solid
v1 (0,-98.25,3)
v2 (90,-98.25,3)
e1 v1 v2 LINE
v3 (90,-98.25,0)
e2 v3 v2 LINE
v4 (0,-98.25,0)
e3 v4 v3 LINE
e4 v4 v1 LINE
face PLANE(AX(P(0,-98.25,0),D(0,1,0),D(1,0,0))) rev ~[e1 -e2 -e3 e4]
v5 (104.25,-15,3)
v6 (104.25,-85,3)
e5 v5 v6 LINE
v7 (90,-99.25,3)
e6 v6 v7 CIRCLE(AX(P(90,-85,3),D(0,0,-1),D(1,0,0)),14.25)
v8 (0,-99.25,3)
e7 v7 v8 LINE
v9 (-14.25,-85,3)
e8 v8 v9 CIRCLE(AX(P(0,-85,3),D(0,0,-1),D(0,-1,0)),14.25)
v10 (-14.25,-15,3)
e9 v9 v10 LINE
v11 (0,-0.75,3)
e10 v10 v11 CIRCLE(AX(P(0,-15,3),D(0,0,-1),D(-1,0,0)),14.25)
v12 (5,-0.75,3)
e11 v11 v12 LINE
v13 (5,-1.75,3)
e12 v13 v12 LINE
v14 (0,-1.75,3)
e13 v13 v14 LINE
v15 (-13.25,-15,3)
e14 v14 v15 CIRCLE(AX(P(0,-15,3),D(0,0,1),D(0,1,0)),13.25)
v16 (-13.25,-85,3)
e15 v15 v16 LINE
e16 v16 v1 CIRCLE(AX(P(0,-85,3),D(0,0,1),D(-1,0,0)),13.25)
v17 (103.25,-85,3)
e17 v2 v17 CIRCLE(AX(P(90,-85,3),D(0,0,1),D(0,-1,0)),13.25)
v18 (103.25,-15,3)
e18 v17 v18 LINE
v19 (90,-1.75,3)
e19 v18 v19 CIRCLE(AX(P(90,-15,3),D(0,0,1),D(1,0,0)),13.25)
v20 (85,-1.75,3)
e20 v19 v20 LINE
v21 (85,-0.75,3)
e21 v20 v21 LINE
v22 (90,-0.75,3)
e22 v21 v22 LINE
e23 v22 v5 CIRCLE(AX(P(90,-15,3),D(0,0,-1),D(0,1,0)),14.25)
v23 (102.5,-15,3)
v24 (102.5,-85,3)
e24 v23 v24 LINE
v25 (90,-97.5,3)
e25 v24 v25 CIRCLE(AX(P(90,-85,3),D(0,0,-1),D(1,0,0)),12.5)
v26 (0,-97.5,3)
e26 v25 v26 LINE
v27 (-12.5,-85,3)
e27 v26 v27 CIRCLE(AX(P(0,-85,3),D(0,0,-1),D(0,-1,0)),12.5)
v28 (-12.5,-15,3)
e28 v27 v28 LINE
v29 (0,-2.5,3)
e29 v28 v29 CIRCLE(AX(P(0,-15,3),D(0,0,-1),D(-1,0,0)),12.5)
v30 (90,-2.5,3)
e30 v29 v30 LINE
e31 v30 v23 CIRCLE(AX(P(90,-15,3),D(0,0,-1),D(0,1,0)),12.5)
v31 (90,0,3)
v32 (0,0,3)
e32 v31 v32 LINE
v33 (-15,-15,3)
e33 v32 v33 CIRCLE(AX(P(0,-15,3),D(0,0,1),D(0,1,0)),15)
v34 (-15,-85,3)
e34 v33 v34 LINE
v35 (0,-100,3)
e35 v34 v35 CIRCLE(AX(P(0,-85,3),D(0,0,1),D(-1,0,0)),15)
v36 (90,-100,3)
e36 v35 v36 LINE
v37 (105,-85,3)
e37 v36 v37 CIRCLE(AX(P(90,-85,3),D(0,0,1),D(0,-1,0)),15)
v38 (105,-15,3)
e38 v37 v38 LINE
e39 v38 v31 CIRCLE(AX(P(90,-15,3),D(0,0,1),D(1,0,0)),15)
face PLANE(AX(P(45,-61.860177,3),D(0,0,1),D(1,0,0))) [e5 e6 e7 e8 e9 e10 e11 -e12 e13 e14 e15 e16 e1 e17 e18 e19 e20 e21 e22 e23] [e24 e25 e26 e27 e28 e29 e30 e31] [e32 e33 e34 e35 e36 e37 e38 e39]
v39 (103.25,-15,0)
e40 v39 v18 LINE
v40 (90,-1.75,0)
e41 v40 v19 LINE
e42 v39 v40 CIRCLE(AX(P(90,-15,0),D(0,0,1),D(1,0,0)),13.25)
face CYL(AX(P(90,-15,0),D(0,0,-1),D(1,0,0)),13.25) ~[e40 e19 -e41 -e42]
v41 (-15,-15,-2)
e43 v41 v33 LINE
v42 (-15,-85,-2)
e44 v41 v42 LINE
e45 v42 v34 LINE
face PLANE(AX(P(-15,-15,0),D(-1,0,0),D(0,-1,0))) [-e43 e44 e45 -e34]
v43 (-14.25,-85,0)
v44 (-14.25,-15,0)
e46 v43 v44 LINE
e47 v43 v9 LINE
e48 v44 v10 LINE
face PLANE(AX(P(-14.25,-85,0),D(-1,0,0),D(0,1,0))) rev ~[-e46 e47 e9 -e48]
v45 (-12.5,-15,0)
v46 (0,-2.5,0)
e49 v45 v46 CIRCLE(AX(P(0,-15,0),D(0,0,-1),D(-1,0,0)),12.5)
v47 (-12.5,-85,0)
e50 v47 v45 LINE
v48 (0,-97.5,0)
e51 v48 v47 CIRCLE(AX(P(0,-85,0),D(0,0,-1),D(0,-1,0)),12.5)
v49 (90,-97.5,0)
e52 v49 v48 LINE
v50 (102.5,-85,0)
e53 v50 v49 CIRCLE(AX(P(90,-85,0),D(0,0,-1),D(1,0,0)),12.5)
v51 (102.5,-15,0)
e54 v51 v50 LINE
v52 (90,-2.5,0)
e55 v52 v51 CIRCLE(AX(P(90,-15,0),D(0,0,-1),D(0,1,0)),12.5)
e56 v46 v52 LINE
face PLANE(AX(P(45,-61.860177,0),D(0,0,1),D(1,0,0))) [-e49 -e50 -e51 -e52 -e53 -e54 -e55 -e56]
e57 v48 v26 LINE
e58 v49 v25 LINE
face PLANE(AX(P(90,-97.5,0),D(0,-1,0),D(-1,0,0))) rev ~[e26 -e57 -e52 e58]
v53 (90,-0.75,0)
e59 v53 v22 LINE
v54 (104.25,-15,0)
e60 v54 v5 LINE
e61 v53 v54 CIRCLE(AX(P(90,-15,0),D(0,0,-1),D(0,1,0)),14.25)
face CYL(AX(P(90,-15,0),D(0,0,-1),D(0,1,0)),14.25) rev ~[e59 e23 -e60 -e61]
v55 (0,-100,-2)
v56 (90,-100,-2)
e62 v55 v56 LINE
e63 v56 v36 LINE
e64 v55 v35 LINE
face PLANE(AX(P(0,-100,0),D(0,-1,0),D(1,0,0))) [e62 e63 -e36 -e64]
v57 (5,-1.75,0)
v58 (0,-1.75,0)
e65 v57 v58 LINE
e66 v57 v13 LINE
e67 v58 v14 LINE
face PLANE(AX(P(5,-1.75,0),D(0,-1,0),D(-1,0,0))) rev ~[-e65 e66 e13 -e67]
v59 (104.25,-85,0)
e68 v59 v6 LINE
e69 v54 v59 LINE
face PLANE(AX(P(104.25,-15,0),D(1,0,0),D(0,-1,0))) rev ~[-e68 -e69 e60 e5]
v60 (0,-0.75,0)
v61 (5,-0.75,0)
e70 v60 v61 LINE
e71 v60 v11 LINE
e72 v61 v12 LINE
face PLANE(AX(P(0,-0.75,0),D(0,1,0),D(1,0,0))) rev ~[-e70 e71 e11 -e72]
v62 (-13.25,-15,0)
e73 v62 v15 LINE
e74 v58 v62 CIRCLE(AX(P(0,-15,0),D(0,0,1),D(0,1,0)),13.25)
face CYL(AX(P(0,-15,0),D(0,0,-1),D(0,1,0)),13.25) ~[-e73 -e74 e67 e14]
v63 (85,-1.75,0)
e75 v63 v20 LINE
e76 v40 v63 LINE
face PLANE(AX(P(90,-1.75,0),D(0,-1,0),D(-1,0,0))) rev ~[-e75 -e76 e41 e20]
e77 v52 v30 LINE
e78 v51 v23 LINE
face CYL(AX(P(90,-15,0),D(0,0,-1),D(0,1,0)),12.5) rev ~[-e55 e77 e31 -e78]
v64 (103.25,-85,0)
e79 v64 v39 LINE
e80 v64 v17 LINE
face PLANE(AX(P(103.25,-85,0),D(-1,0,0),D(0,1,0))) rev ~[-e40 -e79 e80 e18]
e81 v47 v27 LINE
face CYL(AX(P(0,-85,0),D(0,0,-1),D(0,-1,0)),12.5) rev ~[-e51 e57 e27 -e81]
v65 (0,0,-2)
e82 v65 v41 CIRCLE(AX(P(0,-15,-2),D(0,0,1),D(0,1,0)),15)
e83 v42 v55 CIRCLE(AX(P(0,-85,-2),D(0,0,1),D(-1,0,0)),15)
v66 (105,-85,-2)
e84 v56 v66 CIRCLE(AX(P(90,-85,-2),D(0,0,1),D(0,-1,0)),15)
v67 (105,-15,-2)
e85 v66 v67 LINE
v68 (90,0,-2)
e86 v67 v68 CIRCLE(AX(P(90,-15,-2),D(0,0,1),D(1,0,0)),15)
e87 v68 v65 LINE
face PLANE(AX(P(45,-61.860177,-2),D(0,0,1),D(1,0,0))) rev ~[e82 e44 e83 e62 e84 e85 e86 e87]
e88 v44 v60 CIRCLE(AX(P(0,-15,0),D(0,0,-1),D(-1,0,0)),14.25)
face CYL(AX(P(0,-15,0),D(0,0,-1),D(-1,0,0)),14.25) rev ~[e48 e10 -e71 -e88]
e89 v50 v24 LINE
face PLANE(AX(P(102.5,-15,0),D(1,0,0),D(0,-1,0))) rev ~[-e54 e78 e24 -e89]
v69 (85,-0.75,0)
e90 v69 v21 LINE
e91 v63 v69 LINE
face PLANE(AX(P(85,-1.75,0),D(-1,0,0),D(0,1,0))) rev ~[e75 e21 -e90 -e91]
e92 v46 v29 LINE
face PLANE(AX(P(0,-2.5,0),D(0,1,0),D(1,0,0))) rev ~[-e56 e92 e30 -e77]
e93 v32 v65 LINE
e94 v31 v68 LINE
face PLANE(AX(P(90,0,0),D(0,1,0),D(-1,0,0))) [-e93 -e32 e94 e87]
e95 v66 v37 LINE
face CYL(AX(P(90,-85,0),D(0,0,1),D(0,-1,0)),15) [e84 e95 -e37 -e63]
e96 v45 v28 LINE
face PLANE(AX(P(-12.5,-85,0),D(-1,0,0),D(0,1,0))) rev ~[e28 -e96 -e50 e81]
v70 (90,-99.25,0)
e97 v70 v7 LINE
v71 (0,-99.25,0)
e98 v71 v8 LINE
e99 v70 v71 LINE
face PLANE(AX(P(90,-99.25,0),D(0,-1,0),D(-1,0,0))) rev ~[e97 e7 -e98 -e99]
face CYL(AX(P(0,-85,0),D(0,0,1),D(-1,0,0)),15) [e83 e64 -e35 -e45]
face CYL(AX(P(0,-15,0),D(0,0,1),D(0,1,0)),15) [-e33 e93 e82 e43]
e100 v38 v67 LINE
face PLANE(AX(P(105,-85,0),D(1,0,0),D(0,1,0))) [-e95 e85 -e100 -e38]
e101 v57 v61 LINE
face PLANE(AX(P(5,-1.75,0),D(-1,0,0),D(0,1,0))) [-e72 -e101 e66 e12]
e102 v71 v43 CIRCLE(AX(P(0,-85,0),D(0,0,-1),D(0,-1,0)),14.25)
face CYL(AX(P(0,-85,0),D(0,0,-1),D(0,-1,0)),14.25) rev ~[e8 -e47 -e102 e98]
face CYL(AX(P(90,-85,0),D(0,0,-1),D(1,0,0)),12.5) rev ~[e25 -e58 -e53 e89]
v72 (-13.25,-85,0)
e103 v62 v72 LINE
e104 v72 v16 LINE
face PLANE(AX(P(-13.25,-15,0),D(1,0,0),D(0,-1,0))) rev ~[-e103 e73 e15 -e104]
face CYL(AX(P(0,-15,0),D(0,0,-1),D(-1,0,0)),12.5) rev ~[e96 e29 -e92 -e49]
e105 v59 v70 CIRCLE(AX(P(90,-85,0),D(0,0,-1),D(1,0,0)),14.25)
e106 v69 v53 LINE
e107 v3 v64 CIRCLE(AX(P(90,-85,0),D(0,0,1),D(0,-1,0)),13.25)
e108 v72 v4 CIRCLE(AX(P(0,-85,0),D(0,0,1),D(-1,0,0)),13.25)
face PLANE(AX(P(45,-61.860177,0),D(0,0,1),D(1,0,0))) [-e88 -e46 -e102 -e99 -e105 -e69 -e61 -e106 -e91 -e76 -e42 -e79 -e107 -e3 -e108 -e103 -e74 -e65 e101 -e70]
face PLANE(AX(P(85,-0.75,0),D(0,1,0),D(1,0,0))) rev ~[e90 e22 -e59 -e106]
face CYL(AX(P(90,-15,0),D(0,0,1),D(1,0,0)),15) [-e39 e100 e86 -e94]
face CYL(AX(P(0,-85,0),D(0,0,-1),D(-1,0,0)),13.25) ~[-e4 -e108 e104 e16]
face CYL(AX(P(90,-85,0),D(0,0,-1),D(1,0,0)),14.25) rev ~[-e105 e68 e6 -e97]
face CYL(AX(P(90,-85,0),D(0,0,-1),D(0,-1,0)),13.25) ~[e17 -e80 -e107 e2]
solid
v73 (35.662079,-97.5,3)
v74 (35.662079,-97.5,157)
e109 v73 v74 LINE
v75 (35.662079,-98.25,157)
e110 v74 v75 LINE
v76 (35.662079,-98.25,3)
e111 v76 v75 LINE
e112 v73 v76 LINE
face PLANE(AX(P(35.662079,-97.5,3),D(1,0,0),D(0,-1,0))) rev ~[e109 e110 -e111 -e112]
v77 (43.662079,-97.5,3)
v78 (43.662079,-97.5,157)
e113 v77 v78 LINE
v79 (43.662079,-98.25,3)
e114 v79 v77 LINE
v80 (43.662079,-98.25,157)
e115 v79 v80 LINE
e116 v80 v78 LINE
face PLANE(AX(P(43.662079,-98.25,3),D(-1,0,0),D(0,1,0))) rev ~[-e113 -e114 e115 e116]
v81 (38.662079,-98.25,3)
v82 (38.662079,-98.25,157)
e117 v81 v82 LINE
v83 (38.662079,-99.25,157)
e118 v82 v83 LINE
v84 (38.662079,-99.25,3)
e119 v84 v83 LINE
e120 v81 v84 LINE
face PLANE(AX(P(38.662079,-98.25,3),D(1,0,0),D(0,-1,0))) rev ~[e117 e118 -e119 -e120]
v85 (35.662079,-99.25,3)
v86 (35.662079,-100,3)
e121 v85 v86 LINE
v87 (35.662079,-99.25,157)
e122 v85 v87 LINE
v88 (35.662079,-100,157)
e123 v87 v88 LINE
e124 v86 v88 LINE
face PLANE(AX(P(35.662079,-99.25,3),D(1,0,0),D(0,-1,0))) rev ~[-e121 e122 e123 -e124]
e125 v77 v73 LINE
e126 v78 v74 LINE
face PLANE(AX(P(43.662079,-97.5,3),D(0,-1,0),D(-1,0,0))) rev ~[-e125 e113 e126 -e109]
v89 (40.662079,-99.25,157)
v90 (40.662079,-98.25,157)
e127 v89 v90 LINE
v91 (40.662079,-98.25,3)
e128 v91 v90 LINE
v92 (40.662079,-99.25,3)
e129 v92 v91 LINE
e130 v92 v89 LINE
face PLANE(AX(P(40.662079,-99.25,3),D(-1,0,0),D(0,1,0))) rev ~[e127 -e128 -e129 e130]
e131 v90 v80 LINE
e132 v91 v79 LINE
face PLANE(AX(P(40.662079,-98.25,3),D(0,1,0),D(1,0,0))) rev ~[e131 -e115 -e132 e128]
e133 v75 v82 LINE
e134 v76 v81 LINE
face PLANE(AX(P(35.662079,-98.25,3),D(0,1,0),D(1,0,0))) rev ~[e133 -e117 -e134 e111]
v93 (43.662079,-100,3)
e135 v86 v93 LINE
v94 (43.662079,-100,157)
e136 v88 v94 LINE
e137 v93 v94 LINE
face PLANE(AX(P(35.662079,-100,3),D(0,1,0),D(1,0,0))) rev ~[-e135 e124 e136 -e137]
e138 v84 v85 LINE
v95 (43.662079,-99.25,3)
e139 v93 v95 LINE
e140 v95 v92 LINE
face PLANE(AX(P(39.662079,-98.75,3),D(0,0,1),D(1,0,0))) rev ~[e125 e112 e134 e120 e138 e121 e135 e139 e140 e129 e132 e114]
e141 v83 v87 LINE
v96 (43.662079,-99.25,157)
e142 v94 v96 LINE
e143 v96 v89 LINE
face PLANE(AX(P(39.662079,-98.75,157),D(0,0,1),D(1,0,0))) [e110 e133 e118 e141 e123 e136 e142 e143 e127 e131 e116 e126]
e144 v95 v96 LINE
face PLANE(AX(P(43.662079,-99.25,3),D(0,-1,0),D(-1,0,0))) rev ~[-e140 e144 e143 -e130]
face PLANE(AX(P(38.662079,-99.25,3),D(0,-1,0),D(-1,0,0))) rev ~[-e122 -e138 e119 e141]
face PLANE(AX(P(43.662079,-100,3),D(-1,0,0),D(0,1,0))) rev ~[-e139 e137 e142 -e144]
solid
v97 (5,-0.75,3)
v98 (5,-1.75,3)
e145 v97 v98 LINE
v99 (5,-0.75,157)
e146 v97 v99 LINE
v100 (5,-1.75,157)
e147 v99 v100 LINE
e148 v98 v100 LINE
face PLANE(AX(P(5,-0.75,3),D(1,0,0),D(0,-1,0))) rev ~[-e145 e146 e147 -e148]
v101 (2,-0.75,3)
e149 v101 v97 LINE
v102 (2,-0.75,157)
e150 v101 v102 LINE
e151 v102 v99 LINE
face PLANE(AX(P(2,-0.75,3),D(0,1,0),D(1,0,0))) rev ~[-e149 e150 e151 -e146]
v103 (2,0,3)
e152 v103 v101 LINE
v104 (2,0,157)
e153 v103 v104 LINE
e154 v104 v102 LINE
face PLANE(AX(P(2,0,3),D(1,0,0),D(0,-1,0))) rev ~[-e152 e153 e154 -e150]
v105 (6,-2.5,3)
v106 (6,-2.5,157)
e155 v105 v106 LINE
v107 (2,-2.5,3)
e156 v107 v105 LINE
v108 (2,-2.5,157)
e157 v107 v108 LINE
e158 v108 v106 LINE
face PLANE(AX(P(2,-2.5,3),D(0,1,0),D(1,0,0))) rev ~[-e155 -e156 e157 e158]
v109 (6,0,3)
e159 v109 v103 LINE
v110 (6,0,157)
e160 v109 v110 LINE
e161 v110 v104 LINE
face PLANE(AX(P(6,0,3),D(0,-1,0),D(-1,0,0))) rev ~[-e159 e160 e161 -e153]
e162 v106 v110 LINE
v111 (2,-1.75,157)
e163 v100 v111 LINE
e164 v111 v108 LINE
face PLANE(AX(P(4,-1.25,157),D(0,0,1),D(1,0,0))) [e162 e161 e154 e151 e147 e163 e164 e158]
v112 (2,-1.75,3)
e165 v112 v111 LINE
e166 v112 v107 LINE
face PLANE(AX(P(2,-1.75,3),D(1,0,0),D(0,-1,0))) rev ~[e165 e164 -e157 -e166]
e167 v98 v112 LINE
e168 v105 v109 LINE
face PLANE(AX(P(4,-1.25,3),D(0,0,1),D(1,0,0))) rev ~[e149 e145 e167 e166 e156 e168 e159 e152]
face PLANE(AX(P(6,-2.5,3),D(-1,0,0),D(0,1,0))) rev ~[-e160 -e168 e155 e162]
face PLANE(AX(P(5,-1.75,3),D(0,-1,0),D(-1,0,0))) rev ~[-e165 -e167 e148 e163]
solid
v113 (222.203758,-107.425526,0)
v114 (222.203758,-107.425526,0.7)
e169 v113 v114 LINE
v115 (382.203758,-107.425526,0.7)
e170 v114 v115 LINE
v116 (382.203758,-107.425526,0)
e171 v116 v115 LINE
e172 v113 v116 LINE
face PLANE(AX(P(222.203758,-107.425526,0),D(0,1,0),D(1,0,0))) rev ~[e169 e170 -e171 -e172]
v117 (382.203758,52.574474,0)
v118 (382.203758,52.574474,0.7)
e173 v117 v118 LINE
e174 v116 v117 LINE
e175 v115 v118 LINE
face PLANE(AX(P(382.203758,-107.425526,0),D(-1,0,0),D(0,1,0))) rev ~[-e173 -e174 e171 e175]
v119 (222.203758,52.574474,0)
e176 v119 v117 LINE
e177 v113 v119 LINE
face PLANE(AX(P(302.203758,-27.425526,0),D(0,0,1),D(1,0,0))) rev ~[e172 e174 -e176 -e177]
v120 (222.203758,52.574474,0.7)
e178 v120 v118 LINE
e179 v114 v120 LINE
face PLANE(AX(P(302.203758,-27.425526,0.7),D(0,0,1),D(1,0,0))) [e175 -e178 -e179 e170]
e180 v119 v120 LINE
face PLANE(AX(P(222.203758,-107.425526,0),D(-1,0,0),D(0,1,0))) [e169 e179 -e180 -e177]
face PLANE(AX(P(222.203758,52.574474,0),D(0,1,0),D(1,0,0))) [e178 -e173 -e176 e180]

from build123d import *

# Parameters (mm, degrees)
F0_W     = 80
F0_H     = 0.75
F0_H_2   = 1
F1_DEPTH = 3
F2_DEPTH = 2
F3_W     = 160
F3_H     = 160
F4_DEPTH = 0.7
F6_DEPTH = 154


with BuildPart() as f1:
    # F0 (on Top) → F1 (new body)
    with BuildSketch(Plane.XY):
        with BuildLine():
            Line((5, 0), (0, 0))
            ThreePointArc((0, 0), (-10.6066017178, -4.3933982822), (-15, -15))
            Line((-15, -15), (-15, -85))
            ThreePointArc((-15, -85), (-10.6066017178, -95.6066017178), (0, -100))
            Line((0, -100), (90, -100))
            ThreePointArc((90, -100), (100.6066017178, -95.6066017178), (105, -85))
            Line((105, -85), (105, -15))
            ThreePointArc((105, -15), (100.6066017178, -4.3933982822), (90, 0))
            Line((90, 0), (85, 0))
            Line((85, 0), (85, -0.75))
            Line((85, -0.75), (90, -0.75))
            ThreePointArc((90, -0.75), (100.0762716319, -4.9237283681), (104.25, -15))
            Line((104.25, -15), (104.25, -85))
            ThreePointArc((104.25, -85), (100.0762716319, -95.0762716319), (90, -99.25))
            Line((90, -99.25), (0, -99.25))
            ThreePointArc((0, -99.25), (-10.0762716319, -95.0762716319), (-14.25, -85))
            Line((-14.25, -85), (-14.25, -15))
            ThreePointArc((-14.25, -15), (-10.0762716319, -4.9237283681), (0, -0.75))
            Line((0, -0.75), (5, -0.75))
            Line((5, -0.75), (5, 0))
        make_face()
        with BuildLine():
            Line((5, -2.5), (5, -1.75))
            Line((5, -1.75), (0, -1.75))
            ThreePointArc((0, -1.75), (-9.3691648507, -5.6308351493), (-13.25, -15))
            Line((-13.25, -15), (-13.25, -85))
            ThreePointArc((-13.25, -85), (-9.3691648507, -94.3691648507), (0, -98.25))
            Line((0, -98.25), (90, -98.25))
            ThreePointArc((90, -98.25), (99.3691648507, -94.3691648507), (103.25, -85))
            Line((103.25, -85), (103.25, -15))
            ThreePointArc((103.25, -15), (99.3691648507, -5.6308351493), (90, -1.75))
            Line((90, -1.75), (85, -1.75))
            Line((85, -1.75), (85, -2.5))
            Line((85, -2.5), (90, -2.5))
            ThreePointArc((90, -2.5), (98.8388347648, -6.1611652352), (102.5, -15))
            Line((102.5, -15), (102.5, -85))
            ThreePointArc((102.5, -85), (98.8388347648, -93.8388347648), (90, -97.5))
            Line((90, -97.5), (0, -97.5))
            ThreePointArc((0, -97.5), (-8.8388347648, -93.8388347648), (-12.5, -85))
            Line((-12.5, -85), (-12.5, -15))
            ThreePointArc((-12.5, -15), (-8.8388347648, -6.1611652352), (0, -2.5))
            Line((0, -2.5), (5, -2.5))
        make_face()
        with Locations((45, -0.375)):
            Rectangle(F0_W, F0_H)
        with Locations((45, -1.25)):
            Rectangle(F0_W, F0_H_2)
        with Locations((45, -2.125)):
            Rectangle(F0_W, F0_H)
    extrude(amount=F1_DEPTH)

    # F0 (on Top) → F2 (join)
    with BuildSketch(Plane.XY):
        with BuildLine():
            Line((5, 0), (0, 0))
            ThreePointArc((0, 0), (-10.6066017178, -4.3933982822), (-15, -15))
            Line((-15, -15), (-15, -85))
            ThreePointArc((-15, -85), (-10.6066017178, -95.6066017178), (0, -100))
            Line((0, -100), (90, -100))
            ThreePointArc((90, -100), (100.6066017178, -95.6066017178), (105, -85))
            Line((105, -85), (105, -15))
            ThreePointArc((105, -15), (100.6066017178, -4.3933982822), (90, 0))
            Line((90, 0), (85, 0))
            Line((85, 0), (85, -0.75))
            Line((85, -0.75), (90, -0.75))
            ThreePointArc((90, -0.75), (100.0762716319, -4.9237283681), (104.25, -15))
            Line((104.25, -15), (104.25, -85))
            ThreePointArc((104.25, -85), (100.0762716319, -95.0762716319), (90, -99.25))
            Line((90, -99.25), (0, -99.25))
            ThreePointArc((0, -99.25), (-10.0762716319, -95.0762716319), (-14.25, -85))
            Line((-14.25, -85), (-14.25, -15))
            ThreePointArc((-14.25, -15), (-10.0762716319, -4.9237283681), (0, -0.75))
            Line((0, -0.75), (5, -0.75))
            Line((5, -0.75), (5, 0))
        make_face()
        with Locations((45, -0.375)):
            Rectangle(F0_W, F0_H)
        with BuildLine():
            Line((85, -2.5), (5, -2.5))
            Line((5, -2.5), (0, -2.5))
            ThreePointArc((0, -2.5), (-8.8388347648, -6.1611652352), (-12.5, -15))
            Line((-12.5, -15), (-12.5, -85))
            ThreePointArc((-12.5, -85), (-8.8388347648, -93.8388347648), (0, -97.5))
            Line((0, -97.5), (90, -97.5))
            ThreePointArc((90, -97.5), (98.8388347648, -93.8388347648), (102.5, -85))
            Line((102.5, -85), (102.5, -15))
            ThreePointArc((102.5, -15), (98.8388347648, -6.1611652352), (90, -2.5))
            Line((90, -2.5), (85, -2.5))
        make_face()
        with BuildLine():
            Line((5, -2.5), (5, -1.75))
            Line((5, -1.75), (0, -1.75))
            ThreePointArc((0, -1.75), (-9.3691648507, -5.6308351493), (-13.25, -15))
            Line((-13.25, -15), (-13.25, -85))
            ThreePointArc((-13.25, -85), (-9.3691648507, -94.3691648507), (0, -98.25))
            Line((0, -98.25), (90, -98.25))
            ThreePointArc((90, -98.25), (99.3691648507, -94.3691648507), (103.25, -85))
            Line((103.25, -85), (103.25, -15))
            ThreePointArc((103.25, -15), (99.3691648507, -5.6308351493), (90, -1.75))
            Line((90, -1.75), (85, -1.75))
            Line((85, -1.75), (85, -2.5))
            Line((85, -2.5), (90, -2.5))
            ThreePointArc((90, -2.5), (98.8388347648, -6.1611652352), (102.5, -15))
            Line((102.5, -15), (102.5, -85))
            ThreePointArc((102.5, -85), (98.8388347648, -93.8388347648), (90, -97.5))
            Line((90, -97.5), (0, -97.5))
            ThreePointArc((0, -97.5), (-8.8388347648, -93.8388347648), (-12.5, -85))
            Line((-12.5, -85), (-12.5, -15))
            ThreePointArc((-12.5, -15), (-8.8388347648, -6.1611652352), (0, -2.5))
            Line((0, -2.5), (5, -2.5))
        make_face()
        with BuildLine():
            Line((5, -1.75), (5, -0.75))
            Line((5, -0.75), (0, -0.75))
            ThreePointArc((0, -0.75), (-10.0762716319, -4.9237283681), (-14.25, -15))
            Line((-14.25, -15), (-14.25, -85))
            ThreePointArc((-14.25, -85), (-10.0762716319, -95.0762716319), (0, -99.25))
            Line((0, -99.25), (90, -99.25))
            ThreePointArc((90, -99.25), (100.0762716319, -95.0762716319), (104.25, -85))
            Line((104.25, -85), (104.25, -15))
            ThreePointArc((104.25, -15), (100.0762716319, -4.9237283681), (90, -0.75))
            Line((90, -0.75), (85, -0.75))
            Line((85, -0.75), (85, -1.75))
            Line((85, -1.75), (90, -1.75))
            ThreePointArc((90, -1.75), (99.3691648507, -5.6308351493), (103.25, -15))
            Line((103.25, -15), (103.25, -85))
            ThreePointArc((103.25, -85), (99.3691648507, -94.3691648507), (90, -98.25))
            Line((90, -98.25), (0, -98.25))
            ThreePointArc((0, -98.25), (-9.3691648507, -94.3691648507), (-13.25, -85))
            Line((-13.25, -85), (-13.25, -15))
            ThreePointArc((-13.25, -15), (-9.3691648507, -5.6308351493), (0, -1.75))
            Line((0, -1.75), (5, -1.75))
        make_face()
        with Locations((45, -1.25)):
            Rectangle(F0_W, F0_H_2)
        with Locations((45, -2.125)):
            Rectangle(F0_W, F0_H)
    extrude(amount=-F2_DEPTH)


with BuildPart() as f4:
    # F3 (on Top) → F4 (new body)
    with BuildSketch(Plane.XY):
        with Locations((302.2037577629, -27.4255256355)):
            Rectangle(F3_W, F3_H)
    extrude(amount=F4_DEPTH)


with BuildPart() as f6:
    # F5 (on face) → F6 (new body)
    with BuildSketch(Plane.XY.offset(3)):
        Polygon((6, 0), (2, 0), (2, -0.75), (5, -0.75), (5, -1.75), (2, -1.75), (2, -2.5), (6, -2.5), align=None)
    extrude(amount=F6_DEPTH)


with BuildPart() as f6b:
    # F5 (on face) → F6, piece 2 (new body)
    with BuildSketch(Plane.XY.offset(3)):
        Polygon((43.6620785445, -97.5), (35.6620785445, -97.5), (35.6620785445, -98.25), (38.6620785445, -98.25), (38.6620785445, -99.25), (35.6620785445, -99.25), (35.6620785445, -100), (43.6620785445, -100), (43.6620785445, -99.25), (40.6620785445, -99.25), (40.6620785445, -98.25), (43.6620785445, -98.25), align=None)
    extrude(amount=F6_DEPTH)


solid = Compound([f1.part, f4.part, f6.part, f6b.part])
